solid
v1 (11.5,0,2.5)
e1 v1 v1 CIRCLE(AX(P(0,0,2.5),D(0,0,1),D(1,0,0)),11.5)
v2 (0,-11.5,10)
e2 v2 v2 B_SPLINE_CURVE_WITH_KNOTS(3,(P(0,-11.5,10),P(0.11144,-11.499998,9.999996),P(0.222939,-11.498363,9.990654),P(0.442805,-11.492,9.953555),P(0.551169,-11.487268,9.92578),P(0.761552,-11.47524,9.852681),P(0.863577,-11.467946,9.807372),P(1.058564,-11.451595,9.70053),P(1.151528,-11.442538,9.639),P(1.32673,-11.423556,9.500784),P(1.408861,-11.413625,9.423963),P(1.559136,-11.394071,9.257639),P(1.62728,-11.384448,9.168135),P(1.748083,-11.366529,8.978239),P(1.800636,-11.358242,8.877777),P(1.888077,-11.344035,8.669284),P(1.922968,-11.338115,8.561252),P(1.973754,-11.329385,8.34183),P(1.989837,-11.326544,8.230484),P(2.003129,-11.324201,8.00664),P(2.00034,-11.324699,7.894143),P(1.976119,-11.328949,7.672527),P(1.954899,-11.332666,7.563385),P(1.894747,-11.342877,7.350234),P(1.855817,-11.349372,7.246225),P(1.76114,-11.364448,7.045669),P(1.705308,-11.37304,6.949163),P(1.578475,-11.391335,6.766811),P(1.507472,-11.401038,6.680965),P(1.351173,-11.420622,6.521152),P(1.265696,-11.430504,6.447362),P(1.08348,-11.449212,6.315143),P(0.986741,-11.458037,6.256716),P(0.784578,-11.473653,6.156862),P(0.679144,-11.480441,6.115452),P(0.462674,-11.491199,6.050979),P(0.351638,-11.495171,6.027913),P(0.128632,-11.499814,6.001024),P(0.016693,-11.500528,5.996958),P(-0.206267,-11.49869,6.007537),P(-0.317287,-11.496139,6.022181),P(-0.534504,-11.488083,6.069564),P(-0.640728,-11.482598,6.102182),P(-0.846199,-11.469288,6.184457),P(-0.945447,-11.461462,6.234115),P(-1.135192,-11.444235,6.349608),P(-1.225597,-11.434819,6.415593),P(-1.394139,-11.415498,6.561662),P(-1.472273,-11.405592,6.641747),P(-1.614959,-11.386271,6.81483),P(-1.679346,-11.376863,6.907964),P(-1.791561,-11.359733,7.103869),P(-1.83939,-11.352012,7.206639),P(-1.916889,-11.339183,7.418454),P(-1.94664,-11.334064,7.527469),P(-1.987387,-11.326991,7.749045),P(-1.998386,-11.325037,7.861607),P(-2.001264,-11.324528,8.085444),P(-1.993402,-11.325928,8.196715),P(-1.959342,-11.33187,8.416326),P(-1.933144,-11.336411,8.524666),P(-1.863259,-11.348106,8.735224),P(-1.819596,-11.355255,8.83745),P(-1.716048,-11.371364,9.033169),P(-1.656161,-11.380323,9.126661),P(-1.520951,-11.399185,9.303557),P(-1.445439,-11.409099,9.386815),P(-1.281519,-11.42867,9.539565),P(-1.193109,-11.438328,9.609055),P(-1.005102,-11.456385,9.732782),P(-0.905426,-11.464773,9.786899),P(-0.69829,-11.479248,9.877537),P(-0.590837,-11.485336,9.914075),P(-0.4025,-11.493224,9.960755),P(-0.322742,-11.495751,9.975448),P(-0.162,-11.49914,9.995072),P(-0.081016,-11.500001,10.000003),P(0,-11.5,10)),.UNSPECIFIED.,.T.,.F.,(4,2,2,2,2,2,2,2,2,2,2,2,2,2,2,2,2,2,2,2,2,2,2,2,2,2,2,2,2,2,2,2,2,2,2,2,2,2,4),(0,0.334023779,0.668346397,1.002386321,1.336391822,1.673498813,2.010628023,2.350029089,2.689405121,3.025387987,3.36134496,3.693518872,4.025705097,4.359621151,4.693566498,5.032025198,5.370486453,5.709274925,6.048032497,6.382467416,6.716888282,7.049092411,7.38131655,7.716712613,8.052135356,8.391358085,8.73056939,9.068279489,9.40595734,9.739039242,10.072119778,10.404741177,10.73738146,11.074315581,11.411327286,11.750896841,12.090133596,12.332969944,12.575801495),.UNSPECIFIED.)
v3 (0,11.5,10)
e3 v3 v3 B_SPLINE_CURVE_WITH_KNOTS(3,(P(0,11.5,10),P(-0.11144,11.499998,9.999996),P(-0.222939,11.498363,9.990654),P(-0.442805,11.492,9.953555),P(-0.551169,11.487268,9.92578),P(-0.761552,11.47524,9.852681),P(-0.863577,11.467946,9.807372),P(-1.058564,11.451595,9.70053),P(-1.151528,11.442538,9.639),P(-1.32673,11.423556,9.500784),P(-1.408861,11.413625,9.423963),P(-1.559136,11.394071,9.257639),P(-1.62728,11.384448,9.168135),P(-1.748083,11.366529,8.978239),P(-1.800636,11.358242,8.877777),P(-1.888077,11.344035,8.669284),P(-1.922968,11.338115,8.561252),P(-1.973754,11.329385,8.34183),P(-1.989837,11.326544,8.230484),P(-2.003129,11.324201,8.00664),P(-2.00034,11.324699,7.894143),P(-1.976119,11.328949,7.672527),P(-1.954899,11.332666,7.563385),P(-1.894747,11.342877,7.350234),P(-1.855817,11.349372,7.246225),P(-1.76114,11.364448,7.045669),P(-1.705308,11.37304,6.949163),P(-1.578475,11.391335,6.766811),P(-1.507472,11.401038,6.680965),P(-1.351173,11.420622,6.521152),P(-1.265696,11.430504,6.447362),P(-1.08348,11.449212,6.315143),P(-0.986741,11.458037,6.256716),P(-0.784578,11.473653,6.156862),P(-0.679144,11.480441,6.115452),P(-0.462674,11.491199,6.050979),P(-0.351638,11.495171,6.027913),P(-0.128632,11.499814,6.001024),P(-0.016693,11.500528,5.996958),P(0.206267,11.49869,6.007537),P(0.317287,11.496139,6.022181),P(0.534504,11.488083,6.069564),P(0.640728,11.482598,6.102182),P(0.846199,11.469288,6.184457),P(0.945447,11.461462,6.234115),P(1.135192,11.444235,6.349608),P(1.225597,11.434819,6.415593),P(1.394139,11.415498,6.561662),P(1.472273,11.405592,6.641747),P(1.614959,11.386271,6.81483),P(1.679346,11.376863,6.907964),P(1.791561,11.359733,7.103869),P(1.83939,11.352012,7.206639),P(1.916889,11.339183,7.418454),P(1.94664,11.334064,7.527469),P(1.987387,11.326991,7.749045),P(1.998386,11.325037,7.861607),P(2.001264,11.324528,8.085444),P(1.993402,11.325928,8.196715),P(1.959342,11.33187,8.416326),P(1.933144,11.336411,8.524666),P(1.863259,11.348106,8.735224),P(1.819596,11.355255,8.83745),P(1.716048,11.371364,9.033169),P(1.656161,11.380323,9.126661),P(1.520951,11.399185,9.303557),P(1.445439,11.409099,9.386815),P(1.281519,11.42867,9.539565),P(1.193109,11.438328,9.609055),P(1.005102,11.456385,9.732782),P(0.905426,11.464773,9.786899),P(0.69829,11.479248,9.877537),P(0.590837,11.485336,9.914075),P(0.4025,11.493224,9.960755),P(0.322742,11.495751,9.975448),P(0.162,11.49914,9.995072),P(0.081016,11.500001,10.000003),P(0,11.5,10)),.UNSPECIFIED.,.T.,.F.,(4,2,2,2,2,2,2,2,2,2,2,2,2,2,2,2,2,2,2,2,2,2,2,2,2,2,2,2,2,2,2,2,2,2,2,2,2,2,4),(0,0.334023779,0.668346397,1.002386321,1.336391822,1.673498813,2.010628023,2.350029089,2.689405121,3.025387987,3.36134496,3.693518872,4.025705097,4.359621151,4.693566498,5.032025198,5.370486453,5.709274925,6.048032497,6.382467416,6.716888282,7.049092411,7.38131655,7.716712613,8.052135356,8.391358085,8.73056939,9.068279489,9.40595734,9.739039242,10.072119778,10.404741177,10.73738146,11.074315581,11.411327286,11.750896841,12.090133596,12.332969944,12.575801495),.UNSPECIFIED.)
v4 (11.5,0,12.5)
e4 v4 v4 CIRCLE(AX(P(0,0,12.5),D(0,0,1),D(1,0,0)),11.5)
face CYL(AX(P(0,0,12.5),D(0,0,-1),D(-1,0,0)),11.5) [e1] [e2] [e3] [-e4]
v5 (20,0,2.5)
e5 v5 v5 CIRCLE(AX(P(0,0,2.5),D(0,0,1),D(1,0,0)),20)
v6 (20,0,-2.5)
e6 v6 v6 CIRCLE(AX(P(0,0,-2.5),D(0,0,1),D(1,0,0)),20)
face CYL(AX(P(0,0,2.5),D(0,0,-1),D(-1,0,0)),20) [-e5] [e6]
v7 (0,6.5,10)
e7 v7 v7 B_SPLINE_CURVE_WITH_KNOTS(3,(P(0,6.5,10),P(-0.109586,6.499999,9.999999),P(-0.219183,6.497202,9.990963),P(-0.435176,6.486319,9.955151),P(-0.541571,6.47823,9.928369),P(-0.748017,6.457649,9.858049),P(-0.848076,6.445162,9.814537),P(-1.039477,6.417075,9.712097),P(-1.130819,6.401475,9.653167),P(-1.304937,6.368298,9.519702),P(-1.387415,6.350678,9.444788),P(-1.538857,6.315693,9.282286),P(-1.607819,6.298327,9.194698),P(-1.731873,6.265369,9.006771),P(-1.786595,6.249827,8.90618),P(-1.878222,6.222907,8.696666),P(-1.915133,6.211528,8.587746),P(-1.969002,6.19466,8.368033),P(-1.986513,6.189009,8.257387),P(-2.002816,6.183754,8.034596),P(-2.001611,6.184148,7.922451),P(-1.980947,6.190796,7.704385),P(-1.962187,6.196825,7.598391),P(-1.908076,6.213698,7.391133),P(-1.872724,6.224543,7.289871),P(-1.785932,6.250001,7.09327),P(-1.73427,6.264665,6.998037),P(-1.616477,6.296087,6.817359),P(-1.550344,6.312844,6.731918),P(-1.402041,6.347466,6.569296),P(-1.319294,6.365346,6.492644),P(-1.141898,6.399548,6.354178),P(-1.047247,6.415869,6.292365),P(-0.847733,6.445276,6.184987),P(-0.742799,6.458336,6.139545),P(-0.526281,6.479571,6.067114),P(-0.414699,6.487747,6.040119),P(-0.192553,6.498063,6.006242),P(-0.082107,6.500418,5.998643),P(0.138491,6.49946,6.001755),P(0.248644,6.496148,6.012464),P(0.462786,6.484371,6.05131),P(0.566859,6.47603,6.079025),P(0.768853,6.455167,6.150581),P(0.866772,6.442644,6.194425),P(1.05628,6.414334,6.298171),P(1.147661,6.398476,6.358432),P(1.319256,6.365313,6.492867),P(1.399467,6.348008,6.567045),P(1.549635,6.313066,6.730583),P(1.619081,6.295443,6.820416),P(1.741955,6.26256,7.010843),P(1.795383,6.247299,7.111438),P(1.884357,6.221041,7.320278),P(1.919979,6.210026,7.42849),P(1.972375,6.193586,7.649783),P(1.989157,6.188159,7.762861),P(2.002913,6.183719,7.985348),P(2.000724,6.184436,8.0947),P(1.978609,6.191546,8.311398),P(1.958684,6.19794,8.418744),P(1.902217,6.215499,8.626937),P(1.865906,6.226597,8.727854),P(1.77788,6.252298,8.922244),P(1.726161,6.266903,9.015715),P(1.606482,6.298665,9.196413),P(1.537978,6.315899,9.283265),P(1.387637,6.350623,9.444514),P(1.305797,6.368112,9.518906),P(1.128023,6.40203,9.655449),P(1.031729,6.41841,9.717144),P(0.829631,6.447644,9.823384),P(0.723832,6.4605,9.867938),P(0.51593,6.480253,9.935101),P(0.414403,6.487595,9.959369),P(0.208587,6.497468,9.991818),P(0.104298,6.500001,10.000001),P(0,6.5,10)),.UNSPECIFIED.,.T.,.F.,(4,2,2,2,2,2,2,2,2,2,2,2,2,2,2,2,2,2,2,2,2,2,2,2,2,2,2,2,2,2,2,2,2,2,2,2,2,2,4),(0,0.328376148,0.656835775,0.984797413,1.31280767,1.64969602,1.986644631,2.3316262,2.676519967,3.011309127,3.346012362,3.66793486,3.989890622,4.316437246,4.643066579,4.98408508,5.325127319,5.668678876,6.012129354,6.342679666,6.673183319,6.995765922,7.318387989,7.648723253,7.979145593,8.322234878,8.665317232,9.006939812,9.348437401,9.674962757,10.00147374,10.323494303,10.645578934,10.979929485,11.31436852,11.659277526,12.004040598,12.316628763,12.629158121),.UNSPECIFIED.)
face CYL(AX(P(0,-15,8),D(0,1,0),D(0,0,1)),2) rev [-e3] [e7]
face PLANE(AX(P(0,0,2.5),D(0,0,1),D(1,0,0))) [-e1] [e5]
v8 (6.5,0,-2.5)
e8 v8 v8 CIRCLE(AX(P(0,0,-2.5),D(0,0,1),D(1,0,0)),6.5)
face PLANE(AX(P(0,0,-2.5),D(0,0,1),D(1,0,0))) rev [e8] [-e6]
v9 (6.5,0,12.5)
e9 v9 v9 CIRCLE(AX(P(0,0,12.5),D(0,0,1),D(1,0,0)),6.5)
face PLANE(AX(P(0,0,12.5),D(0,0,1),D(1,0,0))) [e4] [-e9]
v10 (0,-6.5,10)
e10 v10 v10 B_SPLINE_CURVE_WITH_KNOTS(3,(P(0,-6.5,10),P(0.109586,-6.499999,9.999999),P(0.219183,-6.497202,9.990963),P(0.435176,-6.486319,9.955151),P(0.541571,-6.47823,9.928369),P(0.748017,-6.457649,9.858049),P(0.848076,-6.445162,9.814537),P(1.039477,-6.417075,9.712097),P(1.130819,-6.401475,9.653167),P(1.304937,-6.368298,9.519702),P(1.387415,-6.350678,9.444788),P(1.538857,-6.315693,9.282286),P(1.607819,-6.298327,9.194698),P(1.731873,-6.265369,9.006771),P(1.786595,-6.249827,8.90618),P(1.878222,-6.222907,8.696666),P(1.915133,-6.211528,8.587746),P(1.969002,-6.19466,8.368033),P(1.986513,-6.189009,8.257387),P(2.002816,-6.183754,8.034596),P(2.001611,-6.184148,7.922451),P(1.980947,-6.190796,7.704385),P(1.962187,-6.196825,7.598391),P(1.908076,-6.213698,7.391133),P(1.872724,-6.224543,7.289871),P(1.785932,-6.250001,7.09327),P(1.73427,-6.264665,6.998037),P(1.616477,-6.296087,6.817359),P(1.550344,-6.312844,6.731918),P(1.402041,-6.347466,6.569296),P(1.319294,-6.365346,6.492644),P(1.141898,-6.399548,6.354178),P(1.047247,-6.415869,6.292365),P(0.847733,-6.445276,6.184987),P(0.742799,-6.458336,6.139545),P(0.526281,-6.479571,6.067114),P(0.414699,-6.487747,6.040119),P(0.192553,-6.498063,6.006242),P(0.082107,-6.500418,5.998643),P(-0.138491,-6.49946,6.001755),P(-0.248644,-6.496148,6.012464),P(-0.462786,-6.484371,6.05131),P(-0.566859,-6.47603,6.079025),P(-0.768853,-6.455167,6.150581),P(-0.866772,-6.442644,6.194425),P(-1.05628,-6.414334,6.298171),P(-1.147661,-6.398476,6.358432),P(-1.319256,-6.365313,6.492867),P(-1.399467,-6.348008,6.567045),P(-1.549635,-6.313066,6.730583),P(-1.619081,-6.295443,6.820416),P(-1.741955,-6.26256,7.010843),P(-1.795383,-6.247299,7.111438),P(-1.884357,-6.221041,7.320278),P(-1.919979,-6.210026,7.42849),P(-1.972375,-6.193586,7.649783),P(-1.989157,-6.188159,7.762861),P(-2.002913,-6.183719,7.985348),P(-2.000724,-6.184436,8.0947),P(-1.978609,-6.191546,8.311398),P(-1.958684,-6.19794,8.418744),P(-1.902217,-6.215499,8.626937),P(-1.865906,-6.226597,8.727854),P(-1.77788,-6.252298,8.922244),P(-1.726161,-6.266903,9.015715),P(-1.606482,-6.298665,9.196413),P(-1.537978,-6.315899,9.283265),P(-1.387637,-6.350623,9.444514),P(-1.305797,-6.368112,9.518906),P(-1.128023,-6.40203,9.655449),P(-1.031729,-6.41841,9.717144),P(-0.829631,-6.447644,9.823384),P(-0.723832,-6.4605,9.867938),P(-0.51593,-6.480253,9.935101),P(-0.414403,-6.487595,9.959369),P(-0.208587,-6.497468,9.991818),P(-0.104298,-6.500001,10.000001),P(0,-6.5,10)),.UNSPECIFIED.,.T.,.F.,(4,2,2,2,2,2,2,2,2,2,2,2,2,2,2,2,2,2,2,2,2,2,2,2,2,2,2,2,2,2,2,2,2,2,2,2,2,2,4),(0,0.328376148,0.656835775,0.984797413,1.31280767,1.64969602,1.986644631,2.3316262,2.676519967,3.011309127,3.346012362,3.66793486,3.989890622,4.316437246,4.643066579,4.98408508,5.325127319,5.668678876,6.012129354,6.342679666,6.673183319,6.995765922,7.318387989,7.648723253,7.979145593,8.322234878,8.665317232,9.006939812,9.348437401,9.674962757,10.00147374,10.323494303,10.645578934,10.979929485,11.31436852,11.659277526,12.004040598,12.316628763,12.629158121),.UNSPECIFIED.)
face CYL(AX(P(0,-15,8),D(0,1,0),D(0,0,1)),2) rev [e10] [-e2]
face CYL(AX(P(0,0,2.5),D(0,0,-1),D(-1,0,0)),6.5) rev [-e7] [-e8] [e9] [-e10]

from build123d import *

# Parameters (mm, degrees)
CROQUIS1_R              = 20
CROQUIS1_R_2            = 6.5
SALIENTE_EXTRUIR1_DEPTH = 2.5
CROQUIS2_R              = 11.5
CROQUIS2_R_2            = 6.5
SALIENTE_EXTRUIR2_DEPTH = 10
CROQUIS3_R              = 2
CORTAR_EXTRUIR1_DEPTH   = 15


with BuildPart() as part:
    # Croquis1 → Saliente-Extruir1 (new, symmetric)
    with BuildSketch(Plane.XY):
        Circle(CROQUIS1_R)
        Circle(CROQUIS1_R_2, mode=Mode.SUBTRACT)
    extrude(amount=SALIENTE_EXTRUIR1_DEPTH, both=True)

    # Croquis2 → Saliente-Extruir2 (add)
    with BuildSketch(Plane.XY.offset(2.5)):
        Circle(CROQUIS2_R)
        Circle(CROQUIS2_R_2, mode=Mode.SUBTRACT)
    extrude(amount=SALIENTE_EXTRUIR2_DEPTH)

    # Croquis3 → Cortar-Extruir1 (cut, symmetric)
    with BuildSketch(Plane(origin=(0, 0, 0), x_dir=(1, 0, 0), z_dir=(0, 1, 0))):
        with Locations(Location((0, -8, 0), (0, 0, 270))):
            Circle(CROQUIS3_R)
    extrude(amount=CORTAR_EXTRUIR1_DEPTH, both=True, mode=Mode.SUBTRACT)


solid = part.part
